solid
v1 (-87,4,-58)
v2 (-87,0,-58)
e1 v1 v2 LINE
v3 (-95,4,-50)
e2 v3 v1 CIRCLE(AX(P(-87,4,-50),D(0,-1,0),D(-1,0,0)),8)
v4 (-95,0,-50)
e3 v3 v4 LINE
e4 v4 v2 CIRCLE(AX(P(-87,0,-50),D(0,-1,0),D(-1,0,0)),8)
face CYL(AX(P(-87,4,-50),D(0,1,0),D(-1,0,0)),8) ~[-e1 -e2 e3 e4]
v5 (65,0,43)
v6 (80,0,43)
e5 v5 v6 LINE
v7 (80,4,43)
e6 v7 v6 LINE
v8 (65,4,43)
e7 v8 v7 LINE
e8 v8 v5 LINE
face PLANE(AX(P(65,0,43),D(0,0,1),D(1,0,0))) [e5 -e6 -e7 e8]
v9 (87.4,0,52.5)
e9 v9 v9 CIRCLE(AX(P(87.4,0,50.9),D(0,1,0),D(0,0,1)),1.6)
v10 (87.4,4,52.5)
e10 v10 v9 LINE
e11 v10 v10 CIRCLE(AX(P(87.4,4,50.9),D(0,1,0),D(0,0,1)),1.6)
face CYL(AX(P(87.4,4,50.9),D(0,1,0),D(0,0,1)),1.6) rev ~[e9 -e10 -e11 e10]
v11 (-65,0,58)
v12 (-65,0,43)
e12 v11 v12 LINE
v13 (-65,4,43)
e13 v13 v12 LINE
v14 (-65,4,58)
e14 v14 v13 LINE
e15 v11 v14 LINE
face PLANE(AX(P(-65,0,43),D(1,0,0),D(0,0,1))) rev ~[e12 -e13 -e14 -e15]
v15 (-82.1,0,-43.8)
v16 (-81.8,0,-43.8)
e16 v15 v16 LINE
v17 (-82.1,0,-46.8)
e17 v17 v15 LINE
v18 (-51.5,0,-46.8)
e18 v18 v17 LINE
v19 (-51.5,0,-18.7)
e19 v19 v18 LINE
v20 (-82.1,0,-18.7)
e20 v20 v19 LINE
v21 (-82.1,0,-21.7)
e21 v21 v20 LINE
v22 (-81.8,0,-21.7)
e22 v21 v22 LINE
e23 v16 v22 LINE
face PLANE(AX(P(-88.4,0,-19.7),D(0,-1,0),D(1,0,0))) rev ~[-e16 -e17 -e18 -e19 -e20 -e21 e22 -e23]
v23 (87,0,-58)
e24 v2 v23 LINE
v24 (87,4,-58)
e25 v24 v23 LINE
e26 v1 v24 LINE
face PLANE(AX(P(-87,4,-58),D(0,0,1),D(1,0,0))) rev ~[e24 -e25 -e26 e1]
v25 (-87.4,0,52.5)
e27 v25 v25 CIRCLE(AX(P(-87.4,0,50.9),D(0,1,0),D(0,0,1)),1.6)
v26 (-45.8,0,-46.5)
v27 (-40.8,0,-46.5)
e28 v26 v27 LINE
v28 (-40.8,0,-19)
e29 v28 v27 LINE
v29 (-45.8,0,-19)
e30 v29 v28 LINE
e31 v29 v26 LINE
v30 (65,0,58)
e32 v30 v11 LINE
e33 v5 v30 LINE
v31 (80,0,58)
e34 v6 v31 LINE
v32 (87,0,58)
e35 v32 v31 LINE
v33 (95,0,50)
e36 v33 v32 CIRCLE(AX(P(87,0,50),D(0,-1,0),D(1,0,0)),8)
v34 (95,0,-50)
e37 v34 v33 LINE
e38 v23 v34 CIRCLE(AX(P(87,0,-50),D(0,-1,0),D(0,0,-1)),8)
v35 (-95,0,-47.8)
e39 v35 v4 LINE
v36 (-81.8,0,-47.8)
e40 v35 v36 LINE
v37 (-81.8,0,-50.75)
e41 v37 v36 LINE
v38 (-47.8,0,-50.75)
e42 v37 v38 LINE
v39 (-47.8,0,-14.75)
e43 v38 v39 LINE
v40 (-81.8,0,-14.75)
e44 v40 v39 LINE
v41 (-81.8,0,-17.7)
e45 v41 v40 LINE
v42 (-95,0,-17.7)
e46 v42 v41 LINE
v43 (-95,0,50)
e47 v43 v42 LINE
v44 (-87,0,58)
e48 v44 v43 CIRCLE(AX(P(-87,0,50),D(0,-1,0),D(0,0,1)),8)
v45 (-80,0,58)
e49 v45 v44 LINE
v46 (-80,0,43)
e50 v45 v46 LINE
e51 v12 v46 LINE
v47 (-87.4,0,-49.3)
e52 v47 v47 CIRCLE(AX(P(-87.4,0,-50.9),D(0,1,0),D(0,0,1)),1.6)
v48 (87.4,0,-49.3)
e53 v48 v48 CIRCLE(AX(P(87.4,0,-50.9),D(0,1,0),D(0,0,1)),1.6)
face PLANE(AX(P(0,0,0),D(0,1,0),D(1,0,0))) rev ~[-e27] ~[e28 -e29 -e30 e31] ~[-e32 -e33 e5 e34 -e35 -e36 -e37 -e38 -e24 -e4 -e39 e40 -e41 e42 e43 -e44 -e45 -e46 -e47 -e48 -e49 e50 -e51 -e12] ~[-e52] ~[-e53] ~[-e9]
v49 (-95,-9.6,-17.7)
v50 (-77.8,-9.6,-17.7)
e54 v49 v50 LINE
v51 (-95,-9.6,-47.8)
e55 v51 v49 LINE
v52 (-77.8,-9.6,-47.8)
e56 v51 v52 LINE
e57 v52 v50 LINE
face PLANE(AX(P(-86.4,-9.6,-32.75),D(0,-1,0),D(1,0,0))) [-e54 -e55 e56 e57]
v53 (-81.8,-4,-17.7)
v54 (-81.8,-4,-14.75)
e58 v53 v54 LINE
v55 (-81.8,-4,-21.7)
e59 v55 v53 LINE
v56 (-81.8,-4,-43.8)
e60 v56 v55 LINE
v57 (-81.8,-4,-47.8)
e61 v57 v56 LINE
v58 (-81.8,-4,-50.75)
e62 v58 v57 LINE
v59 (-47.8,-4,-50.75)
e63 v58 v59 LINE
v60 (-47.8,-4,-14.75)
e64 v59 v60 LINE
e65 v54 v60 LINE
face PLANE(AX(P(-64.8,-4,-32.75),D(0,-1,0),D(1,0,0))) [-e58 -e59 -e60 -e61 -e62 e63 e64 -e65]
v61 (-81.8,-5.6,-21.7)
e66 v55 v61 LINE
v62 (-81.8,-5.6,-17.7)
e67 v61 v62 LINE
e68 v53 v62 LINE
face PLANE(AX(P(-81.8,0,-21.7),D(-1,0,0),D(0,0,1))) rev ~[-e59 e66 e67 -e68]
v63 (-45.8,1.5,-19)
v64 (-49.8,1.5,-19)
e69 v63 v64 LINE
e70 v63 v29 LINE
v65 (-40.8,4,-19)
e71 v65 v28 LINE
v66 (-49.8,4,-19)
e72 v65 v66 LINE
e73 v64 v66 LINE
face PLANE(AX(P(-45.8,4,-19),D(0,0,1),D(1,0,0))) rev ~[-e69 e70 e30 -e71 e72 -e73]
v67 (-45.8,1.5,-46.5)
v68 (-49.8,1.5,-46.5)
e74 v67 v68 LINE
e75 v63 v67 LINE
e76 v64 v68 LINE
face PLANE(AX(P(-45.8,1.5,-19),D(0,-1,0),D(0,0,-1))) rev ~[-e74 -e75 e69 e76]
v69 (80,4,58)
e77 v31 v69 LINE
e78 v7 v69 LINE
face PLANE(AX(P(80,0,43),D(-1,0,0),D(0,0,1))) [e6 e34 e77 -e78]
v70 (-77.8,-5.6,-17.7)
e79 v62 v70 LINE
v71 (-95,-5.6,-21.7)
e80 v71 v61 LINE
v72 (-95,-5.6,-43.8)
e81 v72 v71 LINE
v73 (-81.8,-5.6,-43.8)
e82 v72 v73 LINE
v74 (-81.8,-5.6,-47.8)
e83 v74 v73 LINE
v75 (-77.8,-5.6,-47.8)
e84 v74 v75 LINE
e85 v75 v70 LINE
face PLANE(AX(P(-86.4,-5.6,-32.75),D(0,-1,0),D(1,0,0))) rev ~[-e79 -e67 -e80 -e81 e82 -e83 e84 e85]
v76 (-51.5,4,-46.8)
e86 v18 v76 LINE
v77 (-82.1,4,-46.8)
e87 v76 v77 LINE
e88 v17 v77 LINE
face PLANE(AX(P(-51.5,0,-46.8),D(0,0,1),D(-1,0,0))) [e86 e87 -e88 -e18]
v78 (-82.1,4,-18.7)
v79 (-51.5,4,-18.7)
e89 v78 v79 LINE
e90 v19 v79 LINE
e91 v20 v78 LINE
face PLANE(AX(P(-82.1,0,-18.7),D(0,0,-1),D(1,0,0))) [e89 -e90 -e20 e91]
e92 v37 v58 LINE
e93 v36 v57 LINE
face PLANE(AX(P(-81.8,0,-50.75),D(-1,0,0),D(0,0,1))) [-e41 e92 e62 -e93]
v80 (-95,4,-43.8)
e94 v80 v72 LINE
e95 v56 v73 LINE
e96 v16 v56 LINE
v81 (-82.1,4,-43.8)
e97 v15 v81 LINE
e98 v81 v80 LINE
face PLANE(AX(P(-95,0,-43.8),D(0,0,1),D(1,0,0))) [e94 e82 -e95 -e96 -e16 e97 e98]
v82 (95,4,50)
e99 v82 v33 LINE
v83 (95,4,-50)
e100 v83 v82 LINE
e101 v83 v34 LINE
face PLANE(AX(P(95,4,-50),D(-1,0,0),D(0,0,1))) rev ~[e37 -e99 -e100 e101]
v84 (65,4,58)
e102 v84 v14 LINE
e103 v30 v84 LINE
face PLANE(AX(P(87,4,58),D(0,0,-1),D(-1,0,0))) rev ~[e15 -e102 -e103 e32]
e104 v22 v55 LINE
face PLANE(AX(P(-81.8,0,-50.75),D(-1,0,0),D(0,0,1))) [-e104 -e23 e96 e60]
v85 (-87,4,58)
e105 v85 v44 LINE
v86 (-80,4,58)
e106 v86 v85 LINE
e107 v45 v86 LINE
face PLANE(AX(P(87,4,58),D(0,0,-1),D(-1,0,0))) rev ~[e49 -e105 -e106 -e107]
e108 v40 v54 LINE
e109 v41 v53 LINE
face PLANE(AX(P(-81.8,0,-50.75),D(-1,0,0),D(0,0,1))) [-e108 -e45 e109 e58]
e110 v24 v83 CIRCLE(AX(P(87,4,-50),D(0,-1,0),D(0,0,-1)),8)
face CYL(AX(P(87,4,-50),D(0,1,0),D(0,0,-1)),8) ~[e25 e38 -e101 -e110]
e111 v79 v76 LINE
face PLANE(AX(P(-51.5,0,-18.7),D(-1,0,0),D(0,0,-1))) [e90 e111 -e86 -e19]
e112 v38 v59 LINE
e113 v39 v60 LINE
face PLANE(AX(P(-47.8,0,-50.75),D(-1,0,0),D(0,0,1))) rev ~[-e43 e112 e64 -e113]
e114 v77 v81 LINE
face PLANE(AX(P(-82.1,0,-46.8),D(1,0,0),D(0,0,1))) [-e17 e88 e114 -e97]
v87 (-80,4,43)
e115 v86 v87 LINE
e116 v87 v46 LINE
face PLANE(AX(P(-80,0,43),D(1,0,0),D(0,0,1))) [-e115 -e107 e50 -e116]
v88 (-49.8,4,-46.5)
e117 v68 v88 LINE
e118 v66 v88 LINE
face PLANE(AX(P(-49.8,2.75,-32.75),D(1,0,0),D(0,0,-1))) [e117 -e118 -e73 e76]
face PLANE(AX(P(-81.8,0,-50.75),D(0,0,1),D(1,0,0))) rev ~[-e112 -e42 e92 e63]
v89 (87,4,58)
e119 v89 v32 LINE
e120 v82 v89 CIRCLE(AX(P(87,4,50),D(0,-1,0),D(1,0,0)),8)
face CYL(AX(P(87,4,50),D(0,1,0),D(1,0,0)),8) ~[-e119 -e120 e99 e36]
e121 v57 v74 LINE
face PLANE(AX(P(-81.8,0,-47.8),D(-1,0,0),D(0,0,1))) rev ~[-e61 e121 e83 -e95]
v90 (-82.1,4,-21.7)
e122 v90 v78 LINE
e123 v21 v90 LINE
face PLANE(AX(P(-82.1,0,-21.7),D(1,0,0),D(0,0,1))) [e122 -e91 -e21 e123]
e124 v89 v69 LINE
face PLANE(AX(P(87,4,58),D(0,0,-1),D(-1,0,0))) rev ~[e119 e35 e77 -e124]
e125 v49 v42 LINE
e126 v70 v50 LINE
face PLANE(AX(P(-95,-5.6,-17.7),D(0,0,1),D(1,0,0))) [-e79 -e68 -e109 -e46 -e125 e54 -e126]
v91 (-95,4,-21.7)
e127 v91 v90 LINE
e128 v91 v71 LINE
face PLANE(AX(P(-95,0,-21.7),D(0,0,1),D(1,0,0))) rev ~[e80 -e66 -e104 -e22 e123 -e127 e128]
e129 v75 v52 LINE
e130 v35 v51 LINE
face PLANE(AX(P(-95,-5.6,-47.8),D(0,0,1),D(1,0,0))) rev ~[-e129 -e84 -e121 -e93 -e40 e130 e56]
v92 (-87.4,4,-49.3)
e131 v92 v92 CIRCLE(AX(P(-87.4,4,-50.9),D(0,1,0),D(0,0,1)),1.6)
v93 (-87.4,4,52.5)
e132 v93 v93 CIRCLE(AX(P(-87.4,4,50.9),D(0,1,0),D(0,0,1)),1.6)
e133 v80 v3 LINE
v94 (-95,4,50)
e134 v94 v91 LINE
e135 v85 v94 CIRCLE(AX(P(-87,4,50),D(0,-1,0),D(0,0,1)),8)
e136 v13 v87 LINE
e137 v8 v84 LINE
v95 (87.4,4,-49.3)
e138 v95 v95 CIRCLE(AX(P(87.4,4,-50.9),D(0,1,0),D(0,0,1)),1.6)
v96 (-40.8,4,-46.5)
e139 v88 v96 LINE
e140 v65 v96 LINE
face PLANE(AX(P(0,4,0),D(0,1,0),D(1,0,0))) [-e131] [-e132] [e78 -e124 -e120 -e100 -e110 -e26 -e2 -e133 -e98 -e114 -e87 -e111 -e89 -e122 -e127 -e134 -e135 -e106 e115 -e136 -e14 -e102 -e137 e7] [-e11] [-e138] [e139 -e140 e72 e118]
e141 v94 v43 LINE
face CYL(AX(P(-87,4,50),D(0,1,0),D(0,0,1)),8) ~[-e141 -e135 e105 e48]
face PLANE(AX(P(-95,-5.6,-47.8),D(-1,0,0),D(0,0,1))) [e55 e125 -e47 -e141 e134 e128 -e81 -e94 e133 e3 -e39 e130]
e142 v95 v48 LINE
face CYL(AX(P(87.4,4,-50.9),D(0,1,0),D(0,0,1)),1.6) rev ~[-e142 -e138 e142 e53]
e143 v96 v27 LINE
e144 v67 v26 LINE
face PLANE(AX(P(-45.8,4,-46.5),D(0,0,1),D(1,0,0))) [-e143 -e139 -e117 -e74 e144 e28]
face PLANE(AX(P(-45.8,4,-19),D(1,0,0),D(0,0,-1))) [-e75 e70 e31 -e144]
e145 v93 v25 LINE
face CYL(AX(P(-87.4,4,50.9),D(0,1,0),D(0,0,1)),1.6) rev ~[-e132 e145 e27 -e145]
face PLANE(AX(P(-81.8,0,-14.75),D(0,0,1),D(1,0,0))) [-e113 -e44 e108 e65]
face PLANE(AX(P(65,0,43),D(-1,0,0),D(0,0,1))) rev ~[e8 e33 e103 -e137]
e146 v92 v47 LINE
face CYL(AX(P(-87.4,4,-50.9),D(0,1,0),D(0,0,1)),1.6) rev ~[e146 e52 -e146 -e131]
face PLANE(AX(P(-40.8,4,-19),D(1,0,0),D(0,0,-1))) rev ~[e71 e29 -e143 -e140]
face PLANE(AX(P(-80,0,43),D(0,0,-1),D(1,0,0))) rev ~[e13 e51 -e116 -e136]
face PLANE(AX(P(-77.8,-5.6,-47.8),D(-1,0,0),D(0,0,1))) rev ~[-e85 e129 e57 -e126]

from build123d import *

# Parameters (mm, degrees)
SKETCH_1_W          = 272.533053494
SKETCH_1_H          = 136.587531522
EXTRUDE_1_DEPTH     = 4
SKETCH_2_W          = 272.533053494
SKETCH_2_H          = 136.587531522
CUT_EXTRUDE_1_DEPTH = 4
CUT_EXTRUDE_2_DEPTH = 4
CUT_EXTRUDE_3_DEPTH = 4
SKETCH_5_W          = 34
SKETCH_5_H          = 36
EXTRUDE_2_DEPTH     = 4
SKETCH_6_W          = 13.2
SKETCH_6_H          = 4
EXTRUDE_3_DEPTH     = 5.6
SKETCH_7_W          = 17.2
SKETCH_7_H          = 30.1
EXTRUDE_4_DEPTH     = 4
SKETCH_8_W          = 5
SKETCH_8_H          = 27.5
CUT_EXTRUDE_4_DEPTH = 4
SKETCH_9_W          = 27.5
SKETCH_9_H          = 2.5
CUT_EXTRUDE_5_DEPTH = 4
SKETCH_10_R         = 1.6
CUT_EXTRUDE_6_DEPTH = 10
SKETCH_13_W         = 15
SKETCH_13_H         = 15
CUT_EXTRUDE_7_DEPTH = 5


with BuildPart() as part:
    # 草图1 → 凸台-拉伸1 (new body)
    with BuildSketch(Plane(origin=(0, 0, 0), x_dir=(1, 0, 0), z_dir=(0, 1, 0))):
        Rectangle(SKETCH_1_W, SKETCH_1_H)
    extrude(amount=EXTRUDE_1_DEPTH)

    # 草图2 → 切除-拉伸1 (cut)
    with BuildSketch(Plane(origin=(0, 4, 0), x_dir=(1, 0, 0), z_dir=(0, 1, 0))):
        Rectangle(SKETCH_2_W, SKETCH_2_H)
        with BuildLine():
            Line((-87, 58), (87, 58))
            ThreePointArc((87, 58), (92.656854249, 55.656854249), (95, 50))
            Line((95, 50), (95, -50))
            ThreePointArc((95, -50), (92.656854249, -55.656854249), (87, -58))
            Line((87, -58), (-87, -58))
            ThreePointArc((-87, -58), (-92.656854249, -55.656854249), (-95, -50))
            Line((-95, -50), (-95, 50))
            ThreePointArc((-95, 50), (-92.656854249, 55.656854249), (-87, 58))
        make_face(mode=Mode.SUBTRACT)
    extrude(amount=-CUT_EXTRUDE_1_DEPTH, mode=Mode.SUBTRACT)

    # 草图3 → 切除-拉伸2 (cut)
    with BuildSketch(Plane.XZ):
        Polygon((-95, -22), (-81.8, -22), (-81.8, -19), (-51.8, -19), (-51.8, -46.5), (-81.8, -46.5), (-81.8, -43.5), (-95, -43.5), align=None)
    extrude(amount=-CUT_EXTRUDE_2_DEPTH, mode=Mode.SUBTRACT)

    # 草图4 → 切除-拉伸3 (cut)
    with BuildSketch(Plane.XZ):
        Polygon((-51.5, -18.7), (-51.5, -46.8), (-82.1, -46.8), (-82.1, -43.8), (-95, -43.8), (-95, -21.7), (-82.1, -21.7), (-82.1, -18.7), align=None)
    extrude(amount=-CUT_EXTRUDE_3_DEPTH, mode=Mode.SUBTRACT)

    # 草图5 → 凸台-拉伸2 (add)
    with BuildSketch(Plane.XZ):
        with Locations((-64.8, -32.75)):
            Rectangle(SKETCH_5_W, SKETCH_5_H)
    extrude(amount=EXTRUDE_2_DEPTH)

    # 草图6 → 凸台-拉伸3 (add)
    with BuildSketch(Plane.XZ):
        with Locations((-88.4, -19.7)):
            Rectangle(SKETCH_6_W, SKETCH_6_H)
        with Locations((-88.4, -45.8)):
            Rectangle(SKETCH_6_W, SKETCH_6_H)
    extrude(amount=EXTRUDE_3_DEPTH)

    # 草图7 → 凸台-拉伸4 (add)
    with BuildSketch(Plane.XZ.offset(5.6)):
        with Locations((-86.4, -32.75)):
            Rectangle(SKETCH_7_W, SKETCH_7_H)
    extrude(amount=EXTRUDE_4_DEPTH)

    # 草图8 → 切除-拉伸4 (cut)
    with BuildSketch(Plane(origin=(0, 4, 0), x_dir=(1, 0, 0), z_dir=(0, 1, 0))):
        with Locations((-43.3, 32.75)):
            Rectangle(SKETCH_8_W, SKETCH_8_H)
    extrude(amount=-CUT_EXTRUDE_4_DEPTH, mode=Mode.SUBTRACT)

    # 草图9 → 切除-拉伸5 (cut)
    with BuildSketch(Plane(origin=(-45.8, 0, 0), x_dir=(0, 0, -1), z_dir=(1, 0, 0))):
        with Locations((32.75, 2.75)):
            Rectangle(SKETCH_9_W, SKETCH_9_H)
    extrude(amount=-CUT_EXTRUDE_5_DEPTH, mode=Mode.SUBTRACT)

    # 草图10 → 切除-拉伸6 (cut)
    with BuildSketch(Plane(origin=(0, 4, 0), x_dir=(1, 0, 0), z_dir=(0, 1, 0))):
        with Locations(Location((87.4, 50.9, 0), (0, 0, 270))):
            Circle(SKETCH_10_R)
        with Locations(Location((-87.4, 50.9, 0), (0, 0, 270))):
            Circle(SKETCH_10_R)
        with Locations(Location((-87.4, -50.9, 0), (0, 0, 270))):
            Circle(SKETCH_10_R)
        with Locations(Location((87.4, -50.9, 0), (0, 0, 270))):
            Circle(SKETCH_10_R)
    extrude(amount=-CUT_EXTRUDE_6_DEPTH, mode=Mode.SUBTRACT)

    # 草图13 → 切除-拉伸7 (cut, symmetric)
    with BuildSketch(Plane.XZ):
        with Locations((72.5, 50.5)):
            Rectangle(SKETCH_13_W, SKETCH_13_H)
        with Locations((-72.5, 50.5)):
            Rectangle(SKETCH_13_W, SKETCH_13_H)
    extrude(amount=CUT_EXTRUDE_7_DEPTH, both=True, mode=Mode.SUBTRACT)


solid = part.part
